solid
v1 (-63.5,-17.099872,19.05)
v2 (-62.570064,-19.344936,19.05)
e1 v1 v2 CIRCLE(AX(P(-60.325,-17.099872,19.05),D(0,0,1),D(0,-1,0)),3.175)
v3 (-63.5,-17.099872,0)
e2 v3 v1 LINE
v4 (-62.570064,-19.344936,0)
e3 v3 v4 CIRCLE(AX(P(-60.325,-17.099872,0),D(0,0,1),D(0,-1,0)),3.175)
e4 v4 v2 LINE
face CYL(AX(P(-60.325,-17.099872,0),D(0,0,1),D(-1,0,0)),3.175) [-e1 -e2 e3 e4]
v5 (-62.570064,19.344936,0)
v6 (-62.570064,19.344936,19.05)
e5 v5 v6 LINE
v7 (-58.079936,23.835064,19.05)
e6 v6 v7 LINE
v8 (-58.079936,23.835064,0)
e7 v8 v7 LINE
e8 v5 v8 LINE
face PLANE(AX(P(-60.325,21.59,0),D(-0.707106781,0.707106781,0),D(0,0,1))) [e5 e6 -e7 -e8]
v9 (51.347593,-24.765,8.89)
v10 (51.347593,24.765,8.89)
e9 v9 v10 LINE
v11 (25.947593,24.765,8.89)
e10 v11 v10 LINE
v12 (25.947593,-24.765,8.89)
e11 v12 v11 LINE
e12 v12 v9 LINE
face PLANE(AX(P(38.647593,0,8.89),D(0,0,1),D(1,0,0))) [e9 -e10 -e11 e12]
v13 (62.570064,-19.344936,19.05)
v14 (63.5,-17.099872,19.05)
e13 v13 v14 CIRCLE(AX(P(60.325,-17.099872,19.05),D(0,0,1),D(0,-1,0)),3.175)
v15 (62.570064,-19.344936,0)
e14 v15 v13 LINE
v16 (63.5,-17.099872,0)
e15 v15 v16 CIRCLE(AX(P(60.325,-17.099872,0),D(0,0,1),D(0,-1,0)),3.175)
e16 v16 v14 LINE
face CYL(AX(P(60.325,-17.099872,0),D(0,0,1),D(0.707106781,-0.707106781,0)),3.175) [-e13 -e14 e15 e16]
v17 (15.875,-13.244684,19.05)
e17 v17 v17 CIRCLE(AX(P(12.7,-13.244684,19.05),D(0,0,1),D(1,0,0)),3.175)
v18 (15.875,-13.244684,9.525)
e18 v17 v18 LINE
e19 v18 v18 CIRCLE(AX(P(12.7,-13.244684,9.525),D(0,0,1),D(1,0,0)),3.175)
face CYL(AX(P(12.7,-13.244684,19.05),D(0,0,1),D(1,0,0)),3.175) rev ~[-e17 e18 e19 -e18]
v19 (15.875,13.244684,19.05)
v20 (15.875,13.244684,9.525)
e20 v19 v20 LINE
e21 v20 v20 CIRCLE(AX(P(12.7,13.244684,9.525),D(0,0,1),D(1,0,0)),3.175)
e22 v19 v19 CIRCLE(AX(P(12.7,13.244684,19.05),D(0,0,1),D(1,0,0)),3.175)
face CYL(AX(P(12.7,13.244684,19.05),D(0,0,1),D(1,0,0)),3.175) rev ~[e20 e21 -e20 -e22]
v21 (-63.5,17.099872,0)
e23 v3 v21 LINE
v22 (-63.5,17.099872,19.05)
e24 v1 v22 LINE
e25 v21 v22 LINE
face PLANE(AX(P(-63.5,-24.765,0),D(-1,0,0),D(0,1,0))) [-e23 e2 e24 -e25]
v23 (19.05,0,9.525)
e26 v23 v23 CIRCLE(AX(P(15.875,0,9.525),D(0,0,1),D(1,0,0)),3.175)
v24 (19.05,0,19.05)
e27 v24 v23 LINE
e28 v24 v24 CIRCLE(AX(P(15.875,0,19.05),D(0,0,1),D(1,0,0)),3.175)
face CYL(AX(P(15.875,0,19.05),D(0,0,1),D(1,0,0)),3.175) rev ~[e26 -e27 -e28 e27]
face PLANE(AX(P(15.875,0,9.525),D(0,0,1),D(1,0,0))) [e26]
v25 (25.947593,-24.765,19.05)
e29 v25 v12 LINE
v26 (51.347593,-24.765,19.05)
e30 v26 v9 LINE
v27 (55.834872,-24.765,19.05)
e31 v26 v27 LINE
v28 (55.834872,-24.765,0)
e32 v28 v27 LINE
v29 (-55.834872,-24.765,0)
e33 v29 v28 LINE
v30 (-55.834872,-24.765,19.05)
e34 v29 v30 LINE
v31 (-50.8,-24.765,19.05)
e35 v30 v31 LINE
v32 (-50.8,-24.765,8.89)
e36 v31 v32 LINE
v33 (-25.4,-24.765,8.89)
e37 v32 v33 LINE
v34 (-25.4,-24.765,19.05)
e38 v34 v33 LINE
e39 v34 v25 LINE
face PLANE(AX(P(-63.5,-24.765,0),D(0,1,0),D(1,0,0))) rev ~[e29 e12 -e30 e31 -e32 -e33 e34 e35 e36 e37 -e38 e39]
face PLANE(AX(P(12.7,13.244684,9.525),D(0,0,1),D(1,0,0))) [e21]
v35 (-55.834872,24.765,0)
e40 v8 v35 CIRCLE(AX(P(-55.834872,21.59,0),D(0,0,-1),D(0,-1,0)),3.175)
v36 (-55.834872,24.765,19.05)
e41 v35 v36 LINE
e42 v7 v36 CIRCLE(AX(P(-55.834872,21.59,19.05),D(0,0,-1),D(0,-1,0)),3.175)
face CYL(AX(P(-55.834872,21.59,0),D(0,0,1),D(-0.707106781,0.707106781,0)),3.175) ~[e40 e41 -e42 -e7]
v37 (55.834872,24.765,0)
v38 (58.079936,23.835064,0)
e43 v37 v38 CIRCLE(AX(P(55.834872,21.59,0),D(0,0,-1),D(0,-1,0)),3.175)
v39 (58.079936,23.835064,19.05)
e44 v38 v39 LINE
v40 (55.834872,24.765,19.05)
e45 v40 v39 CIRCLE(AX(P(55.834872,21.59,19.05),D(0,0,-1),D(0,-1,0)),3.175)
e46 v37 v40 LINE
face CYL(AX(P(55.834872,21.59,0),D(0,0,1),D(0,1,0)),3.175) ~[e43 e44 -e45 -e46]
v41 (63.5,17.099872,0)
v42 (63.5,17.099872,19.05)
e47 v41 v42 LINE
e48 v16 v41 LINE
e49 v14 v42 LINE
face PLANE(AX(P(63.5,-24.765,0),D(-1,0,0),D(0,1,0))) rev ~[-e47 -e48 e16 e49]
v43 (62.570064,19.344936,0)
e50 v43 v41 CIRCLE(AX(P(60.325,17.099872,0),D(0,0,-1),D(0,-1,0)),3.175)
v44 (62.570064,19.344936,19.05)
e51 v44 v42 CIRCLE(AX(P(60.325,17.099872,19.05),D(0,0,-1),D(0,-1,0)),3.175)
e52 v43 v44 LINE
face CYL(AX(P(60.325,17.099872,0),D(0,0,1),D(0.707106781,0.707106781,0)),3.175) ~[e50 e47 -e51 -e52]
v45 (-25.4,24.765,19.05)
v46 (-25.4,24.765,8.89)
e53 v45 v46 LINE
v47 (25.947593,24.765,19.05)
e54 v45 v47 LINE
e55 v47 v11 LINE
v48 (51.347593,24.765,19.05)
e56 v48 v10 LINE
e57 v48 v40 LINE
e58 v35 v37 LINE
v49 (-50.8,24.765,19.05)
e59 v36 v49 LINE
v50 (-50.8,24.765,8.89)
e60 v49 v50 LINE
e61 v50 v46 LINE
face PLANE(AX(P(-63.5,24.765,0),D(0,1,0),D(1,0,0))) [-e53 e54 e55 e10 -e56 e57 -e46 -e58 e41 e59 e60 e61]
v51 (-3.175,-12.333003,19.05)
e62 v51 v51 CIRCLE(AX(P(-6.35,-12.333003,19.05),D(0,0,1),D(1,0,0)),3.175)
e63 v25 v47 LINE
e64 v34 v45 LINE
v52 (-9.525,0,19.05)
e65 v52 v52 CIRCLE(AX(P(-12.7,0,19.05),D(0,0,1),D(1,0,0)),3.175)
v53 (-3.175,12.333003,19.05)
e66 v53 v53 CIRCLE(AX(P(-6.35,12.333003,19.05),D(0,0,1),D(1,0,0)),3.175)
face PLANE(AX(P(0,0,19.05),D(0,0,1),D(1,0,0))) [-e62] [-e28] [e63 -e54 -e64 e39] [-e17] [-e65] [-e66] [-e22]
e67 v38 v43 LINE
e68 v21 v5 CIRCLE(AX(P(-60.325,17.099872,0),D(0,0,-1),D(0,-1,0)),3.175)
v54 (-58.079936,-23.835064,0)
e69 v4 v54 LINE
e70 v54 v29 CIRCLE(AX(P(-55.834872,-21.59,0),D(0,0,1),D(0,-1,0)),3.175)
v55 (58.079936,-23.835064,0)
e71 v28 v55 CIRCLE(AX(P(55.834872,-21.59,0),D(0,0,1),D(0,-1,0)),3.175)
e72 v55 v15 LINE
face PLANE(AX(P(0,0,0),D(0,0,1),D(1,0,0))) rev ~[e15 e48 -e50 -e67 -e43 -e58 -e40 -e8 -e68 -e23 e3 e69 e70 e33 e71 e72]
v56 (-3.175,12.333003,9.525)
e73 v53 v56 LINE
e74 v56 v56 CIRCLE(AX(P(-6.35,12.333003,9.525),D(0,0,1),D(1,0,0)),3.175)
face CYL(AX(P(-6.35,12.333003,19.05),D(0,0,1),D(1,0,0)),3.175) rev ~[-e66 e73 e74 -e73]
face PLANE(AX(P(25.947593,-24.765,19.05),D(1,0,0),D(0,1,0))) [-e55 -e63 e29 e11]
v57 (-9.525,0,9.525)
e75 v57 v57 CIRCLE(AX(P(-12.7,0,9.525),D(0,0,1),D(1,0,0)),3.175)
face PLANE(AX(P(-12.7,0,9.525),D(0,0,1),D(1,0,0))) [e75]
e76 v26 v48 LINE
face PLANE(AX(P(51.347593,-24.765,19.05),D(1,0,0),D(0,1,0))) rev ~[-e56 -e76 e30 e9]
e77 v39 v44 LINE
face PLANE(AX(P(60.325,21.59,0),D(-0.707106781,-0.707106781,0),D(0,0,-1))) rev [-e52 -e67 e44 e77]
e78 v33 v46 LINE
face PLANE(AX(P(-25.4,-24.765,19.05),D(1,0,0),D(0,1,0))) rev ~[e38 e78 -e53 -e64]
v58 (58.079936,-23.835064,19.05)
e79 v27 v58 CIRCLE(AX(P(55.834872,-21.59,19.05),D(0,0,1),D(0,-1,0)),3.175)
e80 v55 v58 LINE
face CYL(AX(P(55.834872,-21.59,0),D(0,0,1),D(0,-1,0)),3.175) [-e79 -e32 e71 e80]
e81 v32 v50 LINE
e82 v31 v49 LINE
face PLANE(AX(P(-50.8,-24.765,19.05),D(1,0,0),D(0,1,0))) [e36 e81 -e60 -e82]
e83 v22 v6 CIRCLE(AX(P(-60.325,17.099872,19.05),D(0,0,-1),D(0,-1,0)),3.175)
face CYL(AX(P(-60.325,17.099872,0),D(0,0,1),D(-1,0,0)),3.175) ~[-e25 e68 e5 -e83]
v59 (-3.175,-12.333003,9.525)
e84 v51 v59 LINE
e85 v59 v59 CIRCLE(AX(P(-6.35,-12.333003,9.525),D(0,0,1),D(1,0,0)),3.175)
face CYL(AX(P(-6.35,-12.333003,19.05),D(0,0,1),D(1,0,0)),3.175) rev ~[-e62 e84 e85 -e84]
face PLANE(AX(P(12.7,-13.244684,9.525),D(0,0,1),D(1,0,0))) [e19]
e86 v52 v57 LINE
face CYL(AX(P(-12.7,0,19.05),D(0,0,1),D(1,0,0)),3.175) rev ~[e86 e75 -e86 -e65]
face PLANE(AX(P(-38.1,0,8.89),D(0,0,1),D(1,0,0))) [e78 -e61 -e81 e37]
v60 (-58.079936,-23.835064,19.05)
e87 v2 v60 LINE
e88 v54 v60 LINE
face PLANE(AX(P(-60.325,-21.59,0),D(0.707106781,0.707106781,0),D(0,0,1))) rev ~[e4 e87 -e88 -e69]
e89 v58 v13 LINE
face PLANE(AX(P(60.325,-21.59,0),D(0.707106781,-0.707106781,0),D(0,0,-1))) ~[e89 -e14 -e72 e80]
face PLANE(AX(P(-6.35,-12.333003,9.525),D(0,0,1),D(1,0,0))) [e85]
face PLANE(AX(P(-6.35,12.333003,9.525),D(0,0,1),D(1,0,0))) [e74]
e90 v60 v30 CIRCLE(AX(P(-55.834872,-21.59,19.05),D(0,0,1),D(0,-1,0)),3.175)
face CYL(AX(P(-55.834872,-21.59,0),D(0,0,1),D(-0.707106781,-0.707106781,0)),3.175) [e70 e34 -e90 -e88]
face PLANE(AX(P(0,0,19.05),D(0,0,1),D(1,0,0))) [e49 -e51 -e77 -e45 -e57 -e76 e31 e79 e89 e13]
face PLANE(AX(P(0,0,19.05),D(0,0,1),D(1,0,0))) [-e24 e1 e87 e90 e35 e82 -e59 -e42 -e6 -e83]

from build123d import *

# Parameters (mm, degrees)
F0_W     = 127
F0_H     = 49.53
F1_DEPTH = 19.05
F2_W     = 25.4
F2_H     = 49.53
F3_DEPTH = 10.16
F4_DEPTH = 10.16
F2_R     = 3.175
F5_DEPTH = 9.525
F6_SIZE  = 6.35
F7_R     = 3.175


with BuildPart() as f1:
    # F0 (on Top) → F1 (new body)
    with BuildSketch(Plane.XY):
        Rectangle(F0_W, F0_H)
    extrude(amount=F1_DEPTH)

    # F2 (on face) → F3 (cut)
    with BuildSketch(Plane.XY.offset(19.05)):
        with Locations((-38.1, 0)):
            Rectangle(F2_W, F2_H)
    extrude(amount=-F3_DEPTH, mode=Mode.SUBTRACT)

    # F2 (on face) → F4 (cut)
    with BuildSketch(Plane.XY.offset(19.05)):
        with Locations((38.6475931525, 0)):
            Rectangle(F2_W, F2_H)
    extrude(amount=-F4_DEPTH, mode=Mode.SUBTRACT)

    # F2 (on face) → F5 (cut)
    with BuildSketch(Plane.XY.offset(19.05)):
        with Locations((-6.35, -12.3330028728)):
            Circle(F2_R)
        with Locations((-12.7, 0)):
            Circle(F2_R)
        with Locations((-6.35, 12.3330028728)):
            Circle(F2_R)
        with Locations((12.7, 13.2446838543)):
            Circle(F2_R)
        with Locations((15.875, 0)):
            Circle(F2_R)
        with Locations((12.7, -13.2446838543)):
            Circle(F2_R)
    extrude(amount=-F5_DEPTH, mode=Mode.SUBTRACT)

    # F6
    f6_edges = [f1.edges().sort_by_distance(p)[0] for p in [
        (63.5, -24.765, 9.525),
        (63.5, 24.765, 9.525),
        (-63.5, -24.765, 9.525),
        (-63.5, 24.765, 9.525),
    ]]
    chamfer(f6_edges, length=F6_SIZE)

    # F7
    f7_edges = [f1.edges().sort_by_distance(p)[0] for p in [
        (-57.15, -24.765, 9.525),
        (57.15, -24.765, 9.525),
        (63.5, -18.415, 9.525),
        (63.5, 18.415, 9.525),
        (-63.5, -18.415, 9.525),
        (57.15, 24.765, 9.525),
        (-57.15, 24.765, 9.525),
        (-63.5, 18.415, 9.525),
    ]]
    fillet(f7_edges, radius=F7_R)


solid = f1.part
